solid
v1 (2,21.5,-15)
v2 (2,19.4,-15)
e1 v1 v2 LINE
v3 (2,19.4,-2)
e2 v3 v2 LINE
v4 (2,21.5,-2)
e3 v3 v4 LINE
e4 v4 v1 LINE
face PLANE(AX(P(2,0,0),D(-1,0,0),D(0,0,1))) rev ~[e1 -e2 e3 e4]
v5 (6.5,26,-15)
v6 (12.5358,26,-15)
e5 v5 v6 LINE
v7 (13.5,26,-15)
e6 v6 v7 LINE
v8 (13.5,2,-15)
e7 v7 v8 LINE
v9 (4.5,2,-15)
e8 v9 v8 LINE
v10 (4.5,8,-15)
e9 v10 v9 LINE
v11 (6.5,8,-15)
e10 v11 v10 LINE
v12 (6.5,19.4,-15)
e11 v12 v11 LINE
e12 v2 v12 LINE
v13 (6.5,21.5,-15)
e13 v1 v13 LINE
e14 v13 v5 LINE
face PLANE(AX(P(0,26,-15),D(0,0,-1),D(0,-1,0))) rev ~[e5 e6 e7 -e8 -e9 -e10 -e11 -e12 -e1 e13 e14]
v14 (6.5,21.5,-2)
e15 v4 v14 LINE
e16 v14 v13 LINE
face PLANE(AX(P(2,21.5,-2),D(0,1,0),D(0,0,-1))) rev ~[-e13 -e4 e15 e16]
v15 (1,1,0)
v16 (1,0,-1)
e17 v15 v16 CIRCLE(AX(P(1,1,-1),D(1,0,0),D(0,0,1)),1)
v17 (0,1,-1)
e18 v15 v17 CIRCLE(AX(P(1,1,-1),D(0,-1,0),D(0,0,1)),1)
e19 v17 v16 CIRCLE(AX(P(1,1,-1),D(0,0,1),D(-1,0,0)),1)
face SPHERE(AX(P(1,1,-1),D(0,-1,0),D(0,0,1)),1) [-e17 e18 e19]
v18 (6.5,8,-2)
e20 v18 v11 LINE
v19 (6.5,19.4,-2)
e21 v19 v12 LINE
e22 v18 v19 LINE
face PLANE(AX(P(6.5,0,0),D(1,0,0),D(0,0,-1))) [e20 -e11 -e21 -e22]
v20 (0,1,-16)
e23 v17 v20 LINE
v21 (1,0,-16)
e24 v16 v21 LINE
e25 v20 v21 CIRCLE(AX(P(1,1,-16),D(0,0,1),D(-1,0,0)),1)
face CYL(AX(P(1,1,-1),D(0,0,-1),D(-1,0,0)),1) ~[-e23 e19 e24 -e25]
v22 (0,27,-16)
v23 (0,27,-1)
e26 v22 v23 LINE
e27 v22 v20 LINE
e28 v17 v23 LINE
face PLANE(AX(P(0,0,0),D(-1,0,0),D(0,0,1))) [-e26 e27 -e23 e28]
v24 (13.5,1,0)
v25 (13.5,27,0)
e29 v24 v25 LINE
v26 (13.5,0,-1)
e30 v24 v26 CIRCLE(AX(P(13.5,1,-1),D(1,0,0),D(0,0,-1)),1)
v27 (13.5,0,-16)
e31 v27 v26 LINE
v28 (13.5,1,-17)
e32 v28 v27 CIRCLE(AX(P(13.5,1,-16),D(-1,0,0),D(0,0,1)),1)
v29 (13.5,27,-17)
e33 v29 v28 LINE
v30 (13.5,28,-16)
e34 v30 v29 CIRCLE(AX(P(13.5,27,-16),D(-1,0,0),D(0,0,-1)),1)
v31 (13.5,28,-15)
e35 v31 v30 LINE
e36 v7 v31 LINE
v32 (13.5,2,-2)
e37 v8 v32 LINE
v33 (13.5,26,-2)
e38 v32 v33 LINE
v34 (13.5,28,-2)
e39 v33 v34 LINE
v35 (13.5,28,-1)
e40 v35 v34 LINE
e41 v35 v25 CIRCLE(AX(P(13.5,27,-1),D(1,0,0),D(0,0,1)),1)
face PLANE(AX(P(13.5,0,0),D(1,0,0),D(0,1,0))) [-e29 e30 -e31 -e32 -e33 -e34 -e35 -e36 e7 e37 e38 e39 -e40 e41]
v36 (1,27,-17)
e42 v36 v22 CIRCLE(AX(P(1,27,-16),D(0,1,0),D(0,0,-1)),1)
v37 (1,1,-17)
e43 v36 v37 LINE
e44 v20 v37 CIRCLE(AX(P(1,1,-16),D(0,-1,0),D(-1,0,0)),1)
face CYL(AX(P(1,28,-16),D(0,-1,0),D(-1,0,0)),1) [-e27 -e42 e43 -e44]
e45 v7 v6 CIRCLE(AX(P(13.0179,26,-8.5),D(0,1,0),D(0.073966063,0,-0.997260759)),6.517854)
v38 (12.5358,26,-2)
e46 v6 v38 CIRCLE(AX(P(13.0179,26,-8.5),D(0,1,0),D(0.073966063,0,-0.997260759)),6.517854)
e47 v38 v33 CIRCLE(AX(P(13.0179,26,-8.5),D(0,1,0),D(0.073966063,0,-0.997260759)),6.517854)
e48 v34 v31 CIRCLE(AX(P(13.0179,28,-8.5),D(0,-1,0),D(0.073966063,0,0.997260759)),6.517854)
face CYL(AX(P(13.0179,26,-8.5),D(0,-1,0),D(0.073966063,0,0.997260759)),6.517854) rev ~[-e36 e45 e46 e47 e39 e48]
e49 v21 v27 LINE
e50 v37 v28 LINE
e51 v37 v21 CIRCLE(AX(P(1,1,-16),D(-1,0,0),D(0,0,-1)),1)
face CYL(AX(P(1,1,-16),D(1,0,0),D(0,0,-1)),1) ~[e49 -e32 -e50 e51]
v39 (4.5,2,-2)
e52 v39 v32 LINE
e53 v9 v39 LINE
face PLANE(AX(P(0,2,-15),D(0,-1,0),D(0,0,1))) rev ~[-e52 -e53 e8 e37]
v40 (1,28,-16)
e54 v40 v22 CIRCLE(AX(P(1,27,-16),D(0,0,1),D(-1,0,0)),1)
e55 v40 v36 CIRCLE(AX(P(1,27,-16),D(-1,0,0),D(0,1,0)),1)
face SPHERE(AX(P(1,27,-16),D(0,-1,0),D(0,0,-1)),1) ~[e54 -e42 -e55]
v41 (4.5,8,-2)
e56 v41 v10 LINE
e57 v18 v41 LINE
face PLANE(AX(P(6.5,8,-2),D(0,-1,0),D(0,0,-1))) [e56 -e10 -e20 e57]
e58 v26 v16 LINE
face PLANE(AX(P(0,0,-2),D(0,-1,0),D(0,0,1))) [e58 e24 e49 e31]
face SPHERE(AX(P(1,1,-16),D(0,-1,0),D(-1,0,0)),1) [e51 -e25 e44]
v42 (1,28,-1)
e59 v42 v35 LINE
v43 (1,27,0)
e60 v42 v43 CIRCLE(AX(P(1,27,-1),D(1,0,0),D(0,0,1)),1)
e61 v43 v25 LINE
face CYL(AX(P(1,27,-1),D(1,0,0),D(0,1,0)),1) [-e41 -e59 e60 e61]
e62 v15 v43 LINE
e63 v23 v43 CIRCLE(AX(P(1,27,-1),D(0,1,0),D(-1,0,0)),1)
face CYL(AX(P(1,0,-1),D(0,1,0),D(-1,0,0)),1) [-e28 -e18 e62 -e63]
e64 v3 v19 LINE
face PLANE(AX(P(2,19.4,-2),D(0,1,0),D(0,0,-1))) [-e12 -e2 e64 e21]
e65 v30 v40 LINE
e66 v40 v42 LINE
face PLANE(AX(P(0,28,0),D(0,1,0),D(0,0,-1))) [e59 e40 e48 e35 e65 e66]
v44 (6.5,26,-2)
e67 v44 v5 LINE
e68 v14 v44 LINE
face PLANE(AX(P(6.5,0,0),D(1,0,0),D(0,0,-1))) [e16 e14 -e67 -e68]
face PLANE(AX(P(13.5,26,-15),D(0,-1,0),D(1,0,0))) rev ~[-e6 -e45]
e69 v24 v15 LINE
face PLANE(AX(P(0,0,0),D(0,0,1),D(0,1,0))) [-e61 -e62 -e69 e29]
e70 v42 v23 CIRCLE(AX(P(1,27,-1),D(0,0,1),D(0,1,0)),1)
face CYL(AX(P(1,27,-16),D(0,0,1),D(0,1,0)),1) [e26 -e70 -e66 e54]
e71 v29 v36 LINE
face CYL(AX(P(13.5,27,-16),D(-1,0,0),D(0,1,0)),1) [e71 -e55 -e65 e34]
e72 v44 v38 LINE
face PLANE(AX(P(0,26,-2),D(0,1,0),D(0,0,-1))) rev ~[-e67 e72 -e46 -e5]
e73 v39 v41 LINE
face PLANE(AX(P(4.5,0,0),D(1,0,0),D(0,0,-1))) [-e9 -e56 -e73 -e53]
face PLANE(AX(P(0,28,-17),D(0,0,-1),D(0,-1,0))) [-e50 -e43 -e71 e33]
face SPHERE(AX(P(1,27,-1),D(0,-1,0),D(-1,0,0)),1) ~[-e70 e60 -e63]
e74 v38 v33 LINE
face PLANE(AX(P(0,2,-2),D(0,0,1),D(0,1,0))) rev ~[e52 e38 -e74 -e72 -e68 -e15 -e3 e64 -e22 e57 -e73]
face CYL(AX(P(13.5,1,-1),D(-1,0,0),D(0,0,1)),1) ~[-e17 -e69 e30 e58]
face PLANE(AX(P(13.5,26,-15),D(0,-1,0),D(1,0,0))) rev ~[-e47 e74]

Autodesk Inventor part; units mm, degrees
ref_plane "YZ Plane" through (0, 0, 0) normal (1, 0, 0) x (0, 1, 0)
ref_plane "XZ Plane" through (0, 0, 0) normal (0, 1, 0) x (-1, 0, 0)
ref_plane "XY Plane" through (0, 0, 0) normal (0, 0, 1) x (1, 0, 0)
sketch "Esquisse1" plane through (0, 0, 0) normal (1, 0, 0) x (0, 1, 0)
  line L0 (0, 0) -> (28, 0)
  line L1 (28, 0) -> (28, -17)
  line L2 (28, -17) -> (0, -17)
  line L3 (0, -17) -> (0, 0)
  line L4 (0, 0) -> (0, -2)
  line L5 (0, -2) -> (2, -2)
  line L6 (28, -17) -> (28, -15)
  line L7 (28, -15) -> (26, -15)
  line L8 (26, -15) -> (2, -15)
  line L9 (2, -15) -> (2, -2)
  line L10 (2, -2) -> (26, -2)
  line L11 (26, -2) -> (26, -15)
  dimension "d1" = 28
  dimension "d2" = 17
  dimension "d3" = 2
  dimension "d4" = 2
  dimension "d5" = 2
  dimension "d6" = 2
extrude "Extrusion1" add sketch "Esquisse1" along normal blind 13.5 contours L0 L1 L7 L11 L10 L5 L3 | L5 L9 L8 L7 L1 L2 L3
sketch "Esquisse2" plane through (0, 0, 0) normal (-1, 0, 0) x (0, 0, 1)
  line L0 (-2, 2) -> (-2, 26) projected
  line L1 (-2, 26) -> (-15, 26)
  line L2 (-15, 26) -> (-15, 2)
  line L3 (-15, 2) -> (-2, 2)
  line L4 (-2, 2) -> (-2, 26)
  point P0 (0, 0)
extrude "Extrusion2" add sketch "Esquisse2" against normal blind 2
sketch "Esquisse3" plane through (2, 0, 0) normal (1, 0, 0) x (0, 0, -1)
  line L0 (15, 2) -> (2, 2) projected
  line L1 (2, 2) -> (2, 19.4)
  line L2 (2, 2) -> (2, 26) projected
  line L3 (2, 19.4) -> (2, 21.5)
  line L4 (2, 21.5) -> (2, 26)
  line L5 (2, 21.5) -> (2, 26)
  line L6 (15, 2) -> (2, 2)
  line L7 (2, 2) -> (2, 19.4)
  line L8 (2, 19.4) -> (15, 19.4)
  line L9 (15, 19.4) -> (15, 2)
  line L10 (2, 26) -> (15, 26) projected
  line L11 (15, 26) -> (2, 26)
  line L12 (2, 26) -> (2, 21.5)
  line L13 (2, 21.5) -> (15, 21.5)
  line L14 (15, 21.5) -> (15, 26)
  point P0 (0, 0)
  dimension "d11" = 17.4
  dimension "d12" = 2.1
extrude "Extrusion3" add sketch "Esquisse3" along normal blind 4.5
sketch "Esquisse4" plane through (6.5, 0, 0) normal (1, 0, 0) x (0, 0, -1)
  line L0 (15, 2) -> (2, 2) projected
  line L1 (15, 2) -> (2, 2)
  line L2 (2, 2) -> (2, 8)
  line L3 (2, 8) -> (15, 8)
  line L4 (15, 8) -> (15, 2)
  point P0 (0, 0)
  dimension "d15" = 6
extrude "Extrusion4" cut sketch "Esquisse4" against normal blind 2
sketch "Esquisse5" plane through (13.5, 26, -15) normal (0, -1, 0) x (1, 0, 0)
  line L0 (-9, 13) -> (0, 13) projected
  line L1 (-9, 0) -> (0, 0) projected
  arc A0 (0, 13) -> (0, 0) centre (-0.4821, 6.5) ccw
  line L2 (0, 0) -> (0, 13) projected
  line L3 (0, 13) -> (0, 0)
  point P0 (-13.5, 15)
extrude "Extrusion5" cut sketch "Esquisse5" against normal up to next
fillet "Congé1" radius 1 1 edges at (0, 14, 0)
fillet "Congé2" radius 1 1 edges at (0, 14, -17)
fillet "Congé3" radius 1 5 edges at (0.2929, 28, -0.2929) (7.25, 28, 0) (0.2929, 28, -16.7071) (7.25, 28, -17) (0, 28, -8.5)
fillet "Congé4" radius 1 5 edges at (0.2929, 0, -16.7071) (7.25, 0, -17) (0.2929, 0, -0.2929) (7.25, 0, 0) (0, 0, -8.5)
properties part number "Support servomoteur"
